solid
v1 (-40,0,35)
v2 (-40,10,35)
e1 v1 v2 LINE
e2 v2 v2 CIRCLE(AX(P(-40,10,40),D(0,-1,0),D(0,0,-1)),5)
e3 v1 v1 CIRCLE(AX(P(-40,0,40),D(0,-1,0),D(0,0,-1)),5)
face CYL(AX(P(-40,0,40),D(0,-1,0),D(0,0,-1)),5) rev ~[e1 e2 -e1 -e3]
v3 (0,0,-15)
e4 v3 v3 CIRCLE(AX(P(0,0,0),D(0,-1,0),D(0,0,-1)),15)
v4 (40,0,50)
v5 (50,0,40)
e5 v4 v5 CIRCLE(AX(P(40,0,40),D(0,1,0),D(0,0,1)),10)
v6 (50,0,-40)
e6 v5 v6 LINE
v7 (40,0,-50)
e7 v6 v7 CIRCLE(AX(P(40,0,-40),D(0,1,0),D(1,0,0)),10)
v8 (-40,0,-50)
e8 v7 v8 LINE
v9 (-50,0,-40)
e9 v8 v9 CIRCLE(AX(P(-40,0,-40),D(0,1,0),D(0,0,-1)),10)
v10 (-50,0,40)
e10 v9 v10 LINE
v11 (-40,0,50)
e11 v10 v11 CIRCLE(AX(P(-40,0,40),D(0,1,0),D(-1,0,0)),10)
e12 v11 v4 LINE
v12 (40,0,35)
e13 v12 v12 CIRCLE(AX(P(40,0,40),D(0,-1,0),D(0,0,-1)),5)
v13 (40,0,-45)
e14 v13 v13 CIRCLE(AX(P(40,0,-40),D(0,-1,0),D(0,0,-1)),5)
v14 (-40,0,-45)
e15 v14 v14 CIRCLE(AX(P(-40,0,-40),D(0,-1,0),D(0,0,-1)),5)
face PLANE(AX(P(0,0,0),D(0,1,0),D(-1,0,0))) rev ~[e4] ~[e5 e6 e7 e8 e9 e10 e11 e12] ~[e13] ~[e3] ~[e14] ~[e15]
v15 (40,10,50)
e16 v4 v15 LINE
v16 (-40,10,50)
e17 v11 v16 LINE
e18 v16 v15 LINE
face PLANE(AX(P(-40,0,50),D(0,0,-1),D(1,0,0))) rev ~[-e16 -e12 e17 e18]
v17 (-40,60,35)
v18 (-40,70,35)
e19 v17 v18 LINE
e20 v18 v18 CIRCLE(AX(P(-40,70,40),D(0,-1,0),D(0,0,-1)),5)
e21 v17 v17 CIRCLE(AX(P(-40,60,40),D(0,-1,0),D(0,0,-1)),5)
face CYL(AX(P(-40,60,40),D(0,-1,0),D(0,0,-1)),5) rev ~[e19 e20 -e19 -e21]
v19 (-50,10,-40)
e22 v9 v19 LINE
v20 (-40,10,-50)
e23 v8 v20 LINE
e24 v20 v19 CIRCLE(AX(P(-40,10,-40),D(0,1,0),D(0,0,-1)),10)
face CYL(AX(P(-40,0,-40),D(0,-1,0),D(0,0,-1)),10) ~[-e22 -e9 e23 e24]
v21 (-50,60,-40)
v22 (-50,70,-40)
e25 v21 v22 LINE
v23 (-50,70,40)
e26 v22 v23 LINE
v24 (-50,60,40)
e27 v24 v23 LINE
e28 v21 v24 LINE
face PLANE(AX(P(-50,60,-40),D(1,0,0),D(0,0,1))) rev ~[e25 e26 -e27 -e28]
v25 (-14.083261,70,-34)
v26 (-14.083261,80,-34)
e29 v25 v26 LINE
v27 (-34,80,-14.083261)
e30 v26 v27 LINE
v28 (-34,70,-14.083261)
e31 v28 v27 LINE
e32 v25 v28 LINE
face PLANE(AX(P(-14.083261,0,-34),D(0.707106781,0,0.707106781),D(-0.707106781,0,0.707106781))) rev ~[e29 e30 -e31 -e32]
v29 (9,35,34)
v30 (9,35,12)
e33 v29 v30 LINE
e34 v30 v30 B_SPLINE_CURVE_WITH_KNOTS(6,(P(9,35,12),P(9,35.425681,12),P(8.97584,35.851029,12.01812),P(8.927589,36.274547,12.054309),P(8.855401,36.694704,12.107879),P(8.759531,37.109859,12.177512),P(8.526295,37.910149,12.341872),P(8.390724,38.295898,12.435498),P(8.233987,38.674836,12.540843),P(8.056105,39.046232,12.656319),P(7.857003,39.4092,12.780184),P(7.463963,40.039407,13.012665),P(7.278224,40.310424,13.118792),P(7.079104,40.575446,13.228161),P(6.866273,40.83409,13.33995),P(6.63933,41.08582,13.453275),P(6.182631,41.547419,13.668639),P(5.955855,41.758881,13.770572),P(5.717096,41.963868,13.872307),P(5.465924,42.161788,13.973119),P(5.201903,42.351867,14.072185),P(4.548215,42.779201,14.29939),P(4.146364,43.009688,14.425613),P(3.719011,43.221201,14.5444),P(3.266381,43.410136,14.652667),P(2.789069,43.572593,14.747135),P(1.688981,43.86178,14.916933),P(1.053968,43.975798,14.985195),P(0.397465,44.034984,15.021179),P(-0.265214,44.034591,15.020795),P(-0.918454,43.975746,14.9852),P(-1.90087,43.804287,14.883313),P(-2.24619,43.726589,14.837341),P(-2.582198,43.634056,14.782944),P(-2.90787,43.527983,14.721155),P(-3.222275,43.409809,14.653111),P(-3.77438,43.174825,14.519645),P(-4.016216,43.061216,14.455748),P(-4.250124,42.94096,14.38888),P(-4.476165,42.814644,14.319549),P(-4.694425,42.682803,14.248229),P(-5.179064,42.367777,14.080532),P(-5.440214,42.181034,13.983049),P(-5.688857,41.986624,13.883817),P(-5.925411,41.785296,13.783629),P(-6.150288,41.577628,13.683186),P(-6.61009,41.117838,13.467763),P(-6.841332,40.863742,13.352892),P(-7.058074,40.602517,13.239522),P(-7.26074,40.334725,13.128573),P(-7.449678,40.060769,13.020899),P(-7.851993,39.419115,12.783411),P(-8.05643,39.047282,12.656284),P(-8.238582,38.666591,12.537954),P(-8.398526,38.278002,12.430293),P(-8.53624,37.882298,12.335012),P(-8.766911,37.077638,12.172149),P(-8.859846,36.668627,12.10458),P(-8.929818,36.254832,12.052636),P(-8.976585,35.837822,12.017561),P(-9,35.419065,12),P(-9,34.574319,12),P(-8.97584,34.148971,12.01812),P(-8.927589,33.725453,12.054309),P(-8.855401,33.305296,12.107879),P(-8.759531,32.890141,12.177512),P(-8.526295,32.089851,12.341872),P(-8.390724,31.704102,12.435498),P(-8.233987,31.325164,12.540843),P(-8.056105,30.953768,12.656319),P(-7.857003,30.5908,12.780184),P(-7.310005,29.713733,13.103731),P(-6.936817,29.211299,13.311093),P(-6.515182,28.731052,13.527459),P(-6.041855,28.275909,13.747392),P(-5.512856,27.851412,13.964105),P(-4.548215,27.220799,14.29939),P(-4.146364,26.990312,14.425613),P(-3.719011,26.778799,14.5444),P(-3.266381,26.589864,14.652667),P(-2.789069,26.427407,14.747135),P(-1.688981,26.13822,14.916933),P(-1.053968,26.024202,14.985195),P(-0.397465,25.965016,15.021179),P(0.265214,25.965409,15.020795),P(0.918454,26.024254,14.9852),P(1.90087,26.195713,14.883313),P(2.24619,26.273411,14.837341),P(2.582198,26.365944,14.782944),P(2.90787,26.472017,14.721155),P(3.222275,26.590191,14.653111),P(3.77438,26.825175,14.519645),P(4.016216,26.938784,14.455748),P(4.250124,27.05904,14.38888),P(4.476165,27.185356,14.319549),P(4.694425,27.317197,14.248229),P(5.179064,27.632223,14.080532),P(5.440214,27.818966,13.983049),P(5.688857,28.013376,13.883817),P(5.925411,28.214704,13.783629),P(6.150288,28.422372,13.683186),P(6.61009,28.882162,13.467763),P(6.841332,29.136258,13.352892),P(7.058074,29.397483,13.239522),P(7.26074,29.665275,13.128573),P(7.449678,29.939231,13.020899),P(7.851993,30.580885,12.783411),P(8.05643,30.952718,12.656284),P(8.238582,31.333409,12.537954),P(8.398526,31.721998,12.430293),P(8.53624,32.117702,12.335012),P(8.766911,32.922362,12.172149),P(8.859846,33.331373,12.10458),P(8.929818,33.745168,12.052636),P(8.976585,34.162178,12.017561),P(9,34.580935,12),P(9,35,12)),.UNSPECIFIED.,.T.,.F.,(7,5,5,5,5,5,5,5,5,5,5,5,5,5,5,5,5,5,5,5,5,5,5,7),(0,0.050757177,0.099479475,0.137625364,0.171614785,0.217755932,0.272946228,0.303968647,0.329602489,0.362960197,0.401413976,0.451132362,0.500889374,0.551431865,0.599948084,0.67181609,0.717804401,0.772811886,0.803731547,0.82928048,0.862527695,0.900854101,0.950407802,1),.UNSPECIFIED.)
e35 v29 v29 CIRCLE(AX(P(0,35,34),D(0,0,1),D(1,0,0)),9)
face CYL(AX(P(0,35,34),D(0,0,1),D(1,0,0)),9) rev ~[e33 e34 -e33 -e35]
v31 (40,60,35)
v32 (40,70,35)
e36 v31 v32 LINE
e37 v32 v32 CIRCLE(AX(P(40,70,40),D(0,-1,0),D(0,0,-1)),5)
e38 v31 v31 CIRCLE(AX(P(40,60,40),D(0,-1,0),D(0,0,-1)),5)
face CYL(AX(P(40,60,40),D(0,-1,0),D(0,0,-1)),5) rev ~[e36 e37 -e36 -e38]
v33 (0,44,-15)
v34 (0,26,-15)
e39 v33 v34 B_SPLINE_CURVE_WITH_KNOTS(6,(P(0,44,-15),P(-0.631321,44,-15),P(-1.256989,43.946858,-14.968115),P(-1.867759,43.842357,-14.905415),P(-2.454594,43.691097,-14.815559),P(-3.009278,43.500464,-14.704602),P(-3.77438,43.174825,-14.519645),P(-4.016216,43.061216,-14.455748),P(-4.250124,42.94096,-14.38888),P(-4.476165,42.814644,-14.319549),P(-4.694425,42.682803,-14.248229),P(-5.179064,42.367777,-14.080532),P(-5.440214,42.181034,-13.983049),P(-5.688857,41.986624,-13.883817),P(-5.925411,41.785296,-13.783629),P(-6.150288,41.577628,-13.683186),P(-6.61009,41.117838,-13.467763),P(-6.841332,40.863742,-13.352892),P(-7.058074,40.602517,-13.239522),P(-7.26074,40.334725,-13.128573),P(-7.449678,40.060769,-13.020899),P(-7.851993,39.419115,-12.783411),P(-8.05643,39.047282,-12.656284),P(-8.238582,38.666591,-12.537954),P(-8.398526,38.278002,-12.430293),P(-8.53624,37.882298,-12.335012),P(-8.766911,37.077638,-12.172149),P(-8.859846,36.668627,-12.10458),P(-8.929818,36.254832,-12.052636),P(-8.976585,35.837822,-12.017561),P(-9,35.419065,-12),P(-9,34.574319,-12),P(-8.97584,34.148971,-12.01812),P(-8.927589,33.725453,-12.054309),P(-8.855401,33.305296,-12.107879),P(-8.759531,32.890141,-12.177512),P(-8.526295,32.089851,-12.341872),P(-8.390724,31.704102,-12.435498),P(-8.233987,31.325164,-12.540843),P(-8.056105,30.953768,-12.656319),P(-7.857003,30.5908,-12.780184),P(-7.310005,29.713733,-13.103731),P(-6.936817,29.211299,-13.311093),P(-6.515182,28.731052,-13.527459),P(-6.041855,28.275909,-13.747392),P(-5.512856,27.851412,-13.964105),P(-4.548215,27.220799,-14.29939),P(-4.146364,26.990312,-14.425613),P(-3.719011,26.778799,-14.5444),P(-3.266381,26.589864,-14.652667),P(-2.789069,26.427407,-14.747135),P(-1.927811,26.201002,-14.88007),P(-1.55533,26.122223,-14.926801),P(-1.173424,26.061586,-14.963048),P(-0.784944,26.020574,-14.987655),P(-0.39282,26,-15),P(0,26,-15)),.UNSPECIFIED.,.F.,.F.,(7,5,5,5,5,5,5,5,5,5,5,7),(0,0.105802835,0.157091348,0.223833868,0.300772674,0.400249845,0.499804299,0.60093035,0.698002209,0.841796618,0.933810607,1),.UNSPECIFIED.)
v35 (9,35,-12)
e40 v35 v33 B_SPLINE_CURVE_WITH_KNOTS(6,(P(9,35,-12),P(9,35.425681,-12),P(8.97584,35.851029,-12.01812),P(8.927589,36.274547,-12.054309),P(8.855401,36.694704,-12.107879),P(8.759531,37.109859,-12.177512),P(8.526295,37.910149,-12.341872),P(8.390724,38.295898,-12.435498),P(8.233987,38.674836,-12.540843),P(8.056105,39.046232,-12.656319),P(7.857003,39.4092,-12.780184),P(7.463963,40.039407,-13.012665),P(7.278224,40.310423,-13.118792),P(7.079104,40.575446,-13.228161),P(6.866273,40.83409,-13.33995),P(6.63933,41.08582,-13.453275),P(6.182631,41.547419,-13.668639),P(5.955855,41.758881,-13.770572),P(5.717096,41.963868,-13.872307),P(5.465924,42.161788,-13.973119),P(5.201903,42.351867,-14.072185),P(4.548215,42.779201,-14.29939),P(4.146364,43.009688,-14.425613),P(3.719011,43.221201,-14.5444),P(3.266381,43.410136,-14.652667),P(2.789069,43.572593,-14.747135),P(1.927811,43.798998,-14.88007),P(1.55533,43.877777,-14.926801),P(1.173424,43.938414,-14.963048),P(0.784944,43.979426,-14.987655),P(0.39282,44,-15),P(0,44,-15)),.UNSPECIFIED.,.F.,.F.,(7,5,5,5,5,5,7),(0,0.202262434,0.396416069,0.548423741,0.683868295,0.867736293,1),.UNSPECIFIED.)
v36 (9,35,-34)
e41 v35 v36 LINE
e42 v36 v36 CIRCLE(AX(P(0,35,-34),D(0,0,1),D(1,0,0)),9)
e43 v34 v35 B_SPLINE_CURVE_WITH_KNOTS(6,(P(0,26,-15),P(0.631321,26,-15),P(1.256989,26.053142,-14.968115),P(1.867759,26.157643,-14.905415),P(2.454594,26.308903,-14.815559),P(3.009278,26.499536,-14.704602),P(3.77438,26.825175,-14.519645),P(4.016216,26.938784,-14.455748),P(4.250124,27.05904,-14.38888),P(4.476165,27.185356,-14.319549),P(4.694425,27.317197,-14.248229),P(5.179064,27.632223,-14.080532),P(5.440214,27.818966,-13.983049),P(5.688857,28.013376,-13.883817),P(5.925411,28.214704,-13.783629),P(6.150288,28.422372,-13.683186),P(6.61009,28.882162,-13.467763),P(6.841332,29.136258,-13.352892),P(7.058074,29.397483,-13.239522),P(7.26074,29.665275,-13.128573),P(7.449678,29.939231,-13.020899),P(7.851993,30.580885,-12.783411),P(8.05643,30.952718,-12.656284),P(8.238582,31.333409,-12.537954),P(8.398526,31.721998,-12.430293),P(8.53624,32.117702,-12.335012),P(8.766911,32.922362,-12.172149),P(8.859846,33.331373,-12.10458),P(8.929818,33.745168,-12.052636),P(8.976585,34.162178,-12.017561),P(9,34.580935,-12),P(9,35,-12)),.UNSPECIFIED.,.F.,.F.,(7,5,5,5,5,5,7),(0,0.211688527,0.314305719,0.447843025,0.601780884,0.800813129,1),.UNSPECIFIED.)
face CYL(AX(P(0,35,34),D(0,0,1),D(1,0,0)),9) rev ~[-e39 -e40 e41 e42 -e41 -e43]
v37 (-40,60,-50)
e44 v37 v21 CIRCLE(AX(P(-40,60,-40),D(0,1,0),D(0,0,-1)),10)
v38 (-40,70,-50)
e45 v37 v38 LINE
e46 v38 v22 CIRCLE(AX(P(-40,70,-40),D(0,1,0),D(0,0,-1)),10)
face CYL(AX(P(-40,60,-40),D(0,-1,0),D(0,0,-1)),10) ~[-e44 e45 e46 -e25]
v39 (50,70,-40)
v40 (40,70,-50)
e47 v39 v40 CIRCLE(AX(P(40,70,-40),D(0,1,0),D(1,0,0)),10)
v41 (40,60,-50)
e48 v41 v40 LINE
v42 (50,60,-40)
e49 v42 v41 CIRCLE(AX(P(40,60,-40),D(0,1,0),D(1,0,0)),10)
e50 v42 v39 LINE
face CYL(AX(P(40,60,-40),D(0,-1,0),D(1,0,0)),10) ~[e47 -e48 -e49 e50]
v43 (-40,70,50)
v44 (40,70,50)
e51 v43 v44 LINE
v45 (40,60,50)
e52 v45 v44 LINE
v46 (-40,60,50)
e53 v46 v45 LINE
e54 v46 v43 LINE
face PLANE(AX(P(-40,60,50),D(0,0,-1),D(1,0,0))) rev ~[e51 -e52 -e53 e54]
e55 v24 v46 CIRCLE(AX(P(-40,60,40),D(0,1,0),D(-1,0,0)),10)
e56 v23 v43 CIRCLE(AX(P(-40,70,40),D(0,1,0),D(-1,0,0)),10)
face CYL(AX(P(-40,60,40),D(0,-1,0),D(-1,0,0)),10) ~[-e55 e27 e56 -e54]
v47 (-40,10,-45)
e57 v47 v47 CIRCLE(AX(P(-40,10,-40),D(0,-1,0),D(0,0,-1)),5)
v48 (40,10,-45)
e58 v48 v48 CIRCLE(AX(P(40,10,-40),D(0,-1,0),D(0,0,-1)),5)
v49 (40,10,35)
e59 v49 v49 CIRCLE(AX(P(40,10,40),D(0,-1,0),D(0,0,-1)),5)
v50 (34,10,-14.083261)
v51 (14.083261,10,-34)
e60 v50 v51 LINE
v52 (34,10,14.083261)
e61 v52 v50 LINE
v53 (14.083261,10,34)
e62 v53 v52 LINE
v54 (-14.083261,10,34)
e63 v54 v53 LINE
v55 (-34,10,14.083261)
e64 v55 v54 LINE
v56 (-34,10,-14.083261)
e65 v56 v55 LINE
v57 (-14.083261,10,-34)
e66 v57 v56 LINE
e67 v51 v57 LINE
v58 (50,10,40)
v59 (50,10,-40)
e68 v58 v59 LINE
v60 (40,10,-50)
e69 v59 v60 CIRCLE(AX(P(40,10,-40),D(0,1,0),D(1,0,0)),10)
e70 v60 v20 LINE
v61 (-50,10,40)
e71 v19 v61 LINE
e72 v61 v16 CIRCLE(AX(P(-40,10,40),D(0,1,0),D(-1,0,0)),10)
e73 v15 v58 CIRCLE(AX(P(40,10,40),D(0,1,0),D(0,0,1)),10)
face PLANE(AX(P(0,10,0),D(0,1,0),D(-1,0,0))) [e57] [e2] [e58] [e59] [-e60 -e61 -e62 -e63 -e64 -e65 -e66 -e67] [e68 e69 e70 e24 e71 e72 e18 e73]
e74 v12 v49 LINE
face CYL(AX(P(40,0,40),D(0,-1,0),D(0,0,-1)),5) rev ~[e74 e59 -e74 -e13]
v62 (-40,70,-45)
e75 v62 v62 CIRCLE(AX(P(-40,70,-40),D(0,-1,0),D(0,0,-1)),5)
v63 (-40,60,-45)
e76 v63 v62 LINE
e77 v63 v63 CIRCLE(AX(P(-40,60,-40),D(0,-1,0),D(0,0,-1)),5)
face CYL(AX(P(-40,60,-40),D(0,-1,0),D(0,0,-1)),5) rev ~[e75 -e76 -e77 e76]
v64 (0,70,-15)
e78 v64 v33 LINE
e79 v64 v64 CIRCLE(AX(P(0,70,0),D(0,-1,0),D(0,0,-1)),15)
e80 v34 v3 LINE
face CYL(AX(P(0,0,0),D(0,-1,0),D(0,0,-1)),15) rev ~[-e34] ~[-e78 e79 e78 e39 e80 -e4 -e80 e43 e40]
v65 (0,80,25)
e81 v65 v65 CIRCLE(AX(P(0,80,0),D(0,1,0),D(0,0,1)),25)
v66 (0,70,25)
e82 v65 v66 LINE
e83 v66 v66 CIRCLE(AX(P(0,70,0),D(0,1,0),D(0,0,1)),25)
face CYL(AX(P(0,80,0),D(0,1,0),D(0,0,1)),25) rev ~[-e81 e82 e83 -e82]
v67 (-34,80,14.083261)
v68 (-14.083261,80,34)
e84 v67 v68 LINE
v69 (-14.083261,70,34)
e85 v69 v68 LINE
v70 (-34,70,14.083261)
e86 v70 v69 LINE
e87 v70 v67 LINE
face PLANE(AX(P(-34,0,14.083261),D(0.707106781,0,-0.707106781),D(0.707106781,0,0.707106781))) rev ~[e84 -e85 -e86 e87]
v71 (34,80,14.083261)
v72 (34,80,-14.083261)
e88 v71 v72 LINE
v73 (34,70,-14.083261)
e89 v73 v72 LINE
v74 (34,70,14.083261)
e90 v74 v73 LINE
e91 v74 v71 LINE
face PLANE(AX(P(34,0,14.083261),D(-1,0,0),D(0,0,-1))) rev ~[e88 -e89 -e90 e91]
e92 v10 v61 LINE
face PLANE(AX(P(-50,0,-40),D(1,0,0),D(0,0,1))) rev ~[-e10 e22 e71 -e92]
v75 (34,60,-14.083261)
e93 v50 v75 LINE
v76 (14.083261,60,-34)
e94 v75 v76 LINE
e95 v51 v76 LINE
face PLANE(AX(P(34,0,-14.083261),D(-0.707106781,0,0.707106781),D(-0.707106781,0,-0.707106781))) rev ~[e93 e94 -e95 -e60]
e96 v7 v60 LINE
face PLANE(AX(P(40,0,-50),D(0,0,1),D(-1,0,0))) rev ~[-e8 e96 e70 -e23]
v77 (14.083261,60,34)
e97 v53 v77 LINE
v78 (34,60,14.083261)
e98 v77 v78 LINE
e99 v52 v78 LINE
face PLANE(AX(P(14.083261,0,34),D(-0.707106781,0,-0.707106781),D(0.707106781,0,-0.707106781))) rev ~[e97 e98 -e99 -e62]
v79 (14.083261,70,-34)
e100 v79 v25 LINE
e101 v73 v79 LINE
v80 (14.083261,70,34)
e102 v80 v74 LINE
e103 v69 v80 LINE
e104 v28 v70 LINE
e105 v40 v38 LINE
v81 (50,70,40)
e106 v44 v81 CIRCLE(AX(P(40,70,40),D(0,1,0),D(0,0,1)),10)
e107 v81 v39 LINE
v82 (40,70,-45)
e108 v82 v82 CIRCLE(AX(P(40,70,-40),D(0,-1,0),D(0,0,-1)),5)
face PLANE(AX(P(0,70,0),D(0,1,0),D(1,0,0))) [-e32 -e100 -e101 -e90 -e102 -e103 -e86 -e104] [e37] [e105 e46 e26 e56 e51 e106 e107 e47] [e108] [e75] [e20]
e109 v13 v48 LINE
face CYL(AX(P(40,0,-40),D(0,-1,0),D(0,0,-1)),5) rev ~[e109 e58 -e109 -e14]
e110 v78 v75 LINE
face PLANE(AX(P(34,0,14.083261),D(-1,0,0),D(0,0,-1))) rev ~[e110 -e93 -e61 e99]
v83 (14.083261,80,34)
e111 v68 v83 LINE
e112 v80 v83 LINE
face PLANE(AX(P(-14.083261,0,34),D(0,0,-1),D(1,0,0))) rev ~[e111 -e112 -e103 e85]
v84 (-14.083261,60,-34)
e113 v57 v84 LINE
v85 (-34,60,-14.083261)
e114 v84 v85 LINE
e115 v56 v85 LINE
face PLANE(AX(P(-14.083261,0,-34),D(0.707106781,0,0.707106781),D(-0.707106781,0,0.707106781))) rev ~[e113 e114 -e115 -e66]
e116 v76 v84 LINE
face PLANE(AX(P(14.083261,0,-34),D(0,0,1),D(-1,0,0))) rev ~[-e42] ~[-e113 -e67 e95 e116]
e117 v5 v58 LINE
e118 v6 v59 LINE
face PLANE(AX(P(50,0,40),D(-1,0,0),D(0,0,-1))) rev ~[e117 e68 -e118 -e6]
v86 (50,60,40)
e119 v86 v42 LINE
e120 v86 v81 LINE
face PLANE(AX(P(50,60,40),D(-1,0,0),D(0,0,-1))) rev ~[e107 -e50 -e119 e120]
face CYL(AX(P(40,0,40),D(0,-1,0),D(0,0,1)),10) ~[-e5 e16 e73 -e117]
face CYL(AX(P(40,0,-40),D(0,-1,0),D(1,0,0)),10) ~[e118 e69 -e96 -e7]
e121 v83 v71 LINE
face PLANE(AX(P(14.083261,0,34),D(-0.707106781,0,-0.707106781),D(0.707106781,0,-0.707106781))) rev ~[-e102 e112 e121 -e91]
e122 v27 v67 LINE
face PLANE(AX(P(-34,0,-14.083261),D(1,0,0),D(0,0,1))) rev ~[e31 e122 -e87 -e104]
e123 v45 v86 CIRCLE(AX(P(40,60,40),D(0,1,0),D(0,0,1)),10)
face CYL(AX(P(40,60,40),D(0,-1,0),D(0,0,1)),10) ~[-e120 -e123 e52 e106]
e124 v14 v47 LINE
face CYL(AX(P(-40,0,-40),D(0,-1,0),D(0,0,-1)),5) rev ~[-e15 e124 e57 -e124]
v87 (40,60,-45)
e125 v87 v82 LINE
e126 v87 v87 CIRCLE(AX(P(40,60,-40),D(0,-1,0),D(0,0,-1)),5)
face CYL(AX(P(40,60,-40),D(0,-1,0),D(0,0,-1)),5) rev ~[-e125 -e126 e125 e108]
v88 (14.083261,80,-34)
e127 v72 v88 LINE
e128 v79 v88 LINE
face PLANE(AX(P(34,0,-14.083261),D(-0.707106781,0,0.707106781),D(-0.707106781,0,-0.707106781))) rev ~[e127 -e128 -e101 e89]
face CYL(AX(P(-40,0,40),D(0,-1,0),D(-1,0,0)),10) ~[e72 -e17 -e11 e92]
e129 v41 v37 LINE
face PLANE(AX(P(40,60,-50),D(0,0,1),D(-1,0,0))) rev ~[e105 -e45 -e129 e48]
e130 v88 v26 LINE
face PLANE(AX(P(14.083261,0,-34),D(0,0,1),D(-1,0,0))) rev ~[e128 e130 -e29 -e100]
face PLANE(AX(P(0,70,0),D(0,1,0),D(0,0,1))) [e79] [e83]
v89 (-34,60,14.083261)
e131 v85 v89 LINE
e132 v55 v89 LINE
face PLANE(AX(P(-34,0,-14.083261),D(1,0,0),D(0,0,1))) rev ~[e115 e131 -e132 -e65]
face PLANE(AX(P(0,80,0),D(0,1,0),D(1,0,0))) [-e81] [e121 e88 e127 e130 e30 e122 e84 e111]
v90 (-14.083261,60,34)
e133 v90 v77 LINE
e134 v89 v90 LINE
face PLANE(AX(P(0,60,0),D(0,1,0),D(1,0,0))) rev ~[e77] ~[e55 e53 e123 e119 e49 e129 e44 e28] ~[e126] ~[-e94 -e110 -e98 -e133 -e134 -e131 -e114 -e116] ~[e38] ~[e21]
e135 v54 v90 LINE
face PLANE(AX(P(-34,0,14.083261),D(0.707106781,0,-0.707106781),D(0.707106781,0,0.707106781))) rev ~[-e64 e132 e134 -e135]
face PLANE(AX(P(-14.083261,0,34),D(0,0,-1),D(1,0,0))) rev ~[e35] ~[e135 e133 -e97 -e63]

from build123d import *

# Parameters (mm, degrees)
BOSS_EXTRUDE1_DEPTH = 80
SKETCH2_R           = 25
CUT_EXTRUDE1_DEPTH  = 10
SKETCH3_R           = 15
CUT_EXTRUDE2_DEPTH  = 70
SKETCH4_R           = 5
BOSS_EXTRUDE2_DEPTH = 10
SKETCH5_R           = 5
BOSS_EXTRUDE3_DEPTH = 10
SKETCH6_R           = 15
CUT_EXTRUDE3_DEPTH  = 80
SKETCH7_R           = 9
CUT_EXTRUDE4_DEPTH  = 80


with BuildPart() as part:
    # Sketch1 → Boss-Extrude1 (new body)
    with BuildSketch(Plane(origin=(0, 0, 0), x_dir=(1, 0, 0), z_dir=(0, 1, 0))):
        Polygon((34, 14.083261121), (14.083261121, 34), (-14.083261121, 34), (-34, 14.083261121), (-34, -14.083261121), (-14.083261121, -34), (14.083261121, -34), (34, -14.083261121), align=None)
    extrude(amount=BOSS_EXTRUDE1_DEPTH)

    # Sketch2 → Cut-Extrude1 (cut)
    with BuildSketch(Plane(origin=(0, 80, 0), x_dir=(1, 0, 0), z_dir=(0, 1, 0))):
        with Locations(Location((0, 0, 0), (0, 0, 270))):
            Circle(SKETCH2_R)
    extrude(amount=-CUT_EXTRUDE1_DEPTH, mode=Mode.SUBTRACT)

    # Sketch3 → Cut-Extrude2 (cut)
    with BuildSketch(Plane.XZ):
        with Locations(Location((0, 0, 0), (0, 0, 270))):
            Circle(SKETCH3_R)
    extrude(amount=-CUT_EXTRUDE2_DEPTH, mode=Mode.SUBTRACT)

    # Sketch4 → Boss-Extrude2 (add)
    with BuildSketch(Plane.XZ):
        with BuildLine():
            Line((-40, 50), (40, 50))
            ThreePointArc((40, 50), (47.071067812, 47.071067812), (50, 40))
            Line((50, 40), (50, -40))
            ThreePointArc((50, -40), (47.071067812, -47.071067812), (40, -50))
            Line((40, -50), (-40, -50))
            ThreePointArc((-40, -50), (-47.071067812, -47.071067812), (-50, -40))
            Line((-50, -40), (-50, 40))
            ThreePointArc((-50, 40), (-47.071067812, 47.071067812), (-40, 50))
        make_face()
        with Locations(Location((-40, 40, 0), (0, 0, 270))):
            Circle(SKETCH4_R, mode=Mode.SUBTRACT)
        with Locations(Location((40, 40, 0), (0, 0, 270))):
            Circle(SKETCH4_R, mode=Mode.SUBTRACT)
        with Locations(Location((-40, -40, 0), (0, 0, 270))):
            Circle(SKETCH4_R, mode=Mode.SUBTRACT)
        with Locations(Location((40, -40, 0), (0, 0, 270))):
            Circle(SKETCH4_R, mode=Mode.SUBTRACT)
    extrude(amount=-BOSS_EXTRUDE2_DEPTH)

    # Sketch5 → Boss-Extrude3 (add)
    with BuildSketch(Plane(origin=(0, 60, 0), x_dir=(-1, 0, 0), z_dir=(0, -1, 0))):
        with BuildLine():
            Line((-40, 50), (40, 50))
            ThreePointArc((40, 50), (47.071067812, 47.071067812), (50, 40))
            Line((50, 40), (50, -40))
            ThreePointArc((50, -40), (47.071067812, -47.071067812), (40, -50))
            Line((40, -50), (-40, -50))
            ThreePointArc((-40, -50), (-47.071067812, -47.071067812), (-50, -40))
            Line((-50, -40), (-50, 40))
            ThreePointArc((-50, 40), (-47.071067812, 47.071067812), (-40, 50))
        make_face()
        with Locations(Location((-40, 40, 0), (0, 0, 90))):
            Circle(SKETCH5_R, mode=Mode.SUBTRACT)
        with Locations(Location((40, 40, 0), (0, 0, 90))):
            Circle(SKETCH5_R, mode=Mode.SUBTRACT)
        with Locations(Location((-40, -40, 0), (0, 0, 90))):
            Circle(SKETCH5_R, mode=Mode.SUBTRACT)
        with Locations(Location((40, -40, 0), (0, 0, 90))):
            Circle(SKETCH5_R, mode=Mode.SUBTRACT)
    extrude(amount=-BOSS_EXTRUDE3_DEPTH)

    # Sketch6 → Cut-Extrude3 (cut)
    with BuildSketch(Plane.XZ):
        with Locations(Location((0, 0, 0), (0, 0, 270))):
            Circle(SKETCH6_R)
    extrude(amount=-CUT_EXTRUDE3_DEPTH, mode=Mode.SUBTRACT)

    # Sketch7 → Cut-Extrude4 (cut)
    with BuildSketch(Plane.XY.offset(34)):
        with Locations((0, 35)):
            Circle(SKETCH7_R)
    extrude(amount=-CUT_EXTRUDE4_DEPTH, mode=Mode.SUBTRACT)


solid = part.part
